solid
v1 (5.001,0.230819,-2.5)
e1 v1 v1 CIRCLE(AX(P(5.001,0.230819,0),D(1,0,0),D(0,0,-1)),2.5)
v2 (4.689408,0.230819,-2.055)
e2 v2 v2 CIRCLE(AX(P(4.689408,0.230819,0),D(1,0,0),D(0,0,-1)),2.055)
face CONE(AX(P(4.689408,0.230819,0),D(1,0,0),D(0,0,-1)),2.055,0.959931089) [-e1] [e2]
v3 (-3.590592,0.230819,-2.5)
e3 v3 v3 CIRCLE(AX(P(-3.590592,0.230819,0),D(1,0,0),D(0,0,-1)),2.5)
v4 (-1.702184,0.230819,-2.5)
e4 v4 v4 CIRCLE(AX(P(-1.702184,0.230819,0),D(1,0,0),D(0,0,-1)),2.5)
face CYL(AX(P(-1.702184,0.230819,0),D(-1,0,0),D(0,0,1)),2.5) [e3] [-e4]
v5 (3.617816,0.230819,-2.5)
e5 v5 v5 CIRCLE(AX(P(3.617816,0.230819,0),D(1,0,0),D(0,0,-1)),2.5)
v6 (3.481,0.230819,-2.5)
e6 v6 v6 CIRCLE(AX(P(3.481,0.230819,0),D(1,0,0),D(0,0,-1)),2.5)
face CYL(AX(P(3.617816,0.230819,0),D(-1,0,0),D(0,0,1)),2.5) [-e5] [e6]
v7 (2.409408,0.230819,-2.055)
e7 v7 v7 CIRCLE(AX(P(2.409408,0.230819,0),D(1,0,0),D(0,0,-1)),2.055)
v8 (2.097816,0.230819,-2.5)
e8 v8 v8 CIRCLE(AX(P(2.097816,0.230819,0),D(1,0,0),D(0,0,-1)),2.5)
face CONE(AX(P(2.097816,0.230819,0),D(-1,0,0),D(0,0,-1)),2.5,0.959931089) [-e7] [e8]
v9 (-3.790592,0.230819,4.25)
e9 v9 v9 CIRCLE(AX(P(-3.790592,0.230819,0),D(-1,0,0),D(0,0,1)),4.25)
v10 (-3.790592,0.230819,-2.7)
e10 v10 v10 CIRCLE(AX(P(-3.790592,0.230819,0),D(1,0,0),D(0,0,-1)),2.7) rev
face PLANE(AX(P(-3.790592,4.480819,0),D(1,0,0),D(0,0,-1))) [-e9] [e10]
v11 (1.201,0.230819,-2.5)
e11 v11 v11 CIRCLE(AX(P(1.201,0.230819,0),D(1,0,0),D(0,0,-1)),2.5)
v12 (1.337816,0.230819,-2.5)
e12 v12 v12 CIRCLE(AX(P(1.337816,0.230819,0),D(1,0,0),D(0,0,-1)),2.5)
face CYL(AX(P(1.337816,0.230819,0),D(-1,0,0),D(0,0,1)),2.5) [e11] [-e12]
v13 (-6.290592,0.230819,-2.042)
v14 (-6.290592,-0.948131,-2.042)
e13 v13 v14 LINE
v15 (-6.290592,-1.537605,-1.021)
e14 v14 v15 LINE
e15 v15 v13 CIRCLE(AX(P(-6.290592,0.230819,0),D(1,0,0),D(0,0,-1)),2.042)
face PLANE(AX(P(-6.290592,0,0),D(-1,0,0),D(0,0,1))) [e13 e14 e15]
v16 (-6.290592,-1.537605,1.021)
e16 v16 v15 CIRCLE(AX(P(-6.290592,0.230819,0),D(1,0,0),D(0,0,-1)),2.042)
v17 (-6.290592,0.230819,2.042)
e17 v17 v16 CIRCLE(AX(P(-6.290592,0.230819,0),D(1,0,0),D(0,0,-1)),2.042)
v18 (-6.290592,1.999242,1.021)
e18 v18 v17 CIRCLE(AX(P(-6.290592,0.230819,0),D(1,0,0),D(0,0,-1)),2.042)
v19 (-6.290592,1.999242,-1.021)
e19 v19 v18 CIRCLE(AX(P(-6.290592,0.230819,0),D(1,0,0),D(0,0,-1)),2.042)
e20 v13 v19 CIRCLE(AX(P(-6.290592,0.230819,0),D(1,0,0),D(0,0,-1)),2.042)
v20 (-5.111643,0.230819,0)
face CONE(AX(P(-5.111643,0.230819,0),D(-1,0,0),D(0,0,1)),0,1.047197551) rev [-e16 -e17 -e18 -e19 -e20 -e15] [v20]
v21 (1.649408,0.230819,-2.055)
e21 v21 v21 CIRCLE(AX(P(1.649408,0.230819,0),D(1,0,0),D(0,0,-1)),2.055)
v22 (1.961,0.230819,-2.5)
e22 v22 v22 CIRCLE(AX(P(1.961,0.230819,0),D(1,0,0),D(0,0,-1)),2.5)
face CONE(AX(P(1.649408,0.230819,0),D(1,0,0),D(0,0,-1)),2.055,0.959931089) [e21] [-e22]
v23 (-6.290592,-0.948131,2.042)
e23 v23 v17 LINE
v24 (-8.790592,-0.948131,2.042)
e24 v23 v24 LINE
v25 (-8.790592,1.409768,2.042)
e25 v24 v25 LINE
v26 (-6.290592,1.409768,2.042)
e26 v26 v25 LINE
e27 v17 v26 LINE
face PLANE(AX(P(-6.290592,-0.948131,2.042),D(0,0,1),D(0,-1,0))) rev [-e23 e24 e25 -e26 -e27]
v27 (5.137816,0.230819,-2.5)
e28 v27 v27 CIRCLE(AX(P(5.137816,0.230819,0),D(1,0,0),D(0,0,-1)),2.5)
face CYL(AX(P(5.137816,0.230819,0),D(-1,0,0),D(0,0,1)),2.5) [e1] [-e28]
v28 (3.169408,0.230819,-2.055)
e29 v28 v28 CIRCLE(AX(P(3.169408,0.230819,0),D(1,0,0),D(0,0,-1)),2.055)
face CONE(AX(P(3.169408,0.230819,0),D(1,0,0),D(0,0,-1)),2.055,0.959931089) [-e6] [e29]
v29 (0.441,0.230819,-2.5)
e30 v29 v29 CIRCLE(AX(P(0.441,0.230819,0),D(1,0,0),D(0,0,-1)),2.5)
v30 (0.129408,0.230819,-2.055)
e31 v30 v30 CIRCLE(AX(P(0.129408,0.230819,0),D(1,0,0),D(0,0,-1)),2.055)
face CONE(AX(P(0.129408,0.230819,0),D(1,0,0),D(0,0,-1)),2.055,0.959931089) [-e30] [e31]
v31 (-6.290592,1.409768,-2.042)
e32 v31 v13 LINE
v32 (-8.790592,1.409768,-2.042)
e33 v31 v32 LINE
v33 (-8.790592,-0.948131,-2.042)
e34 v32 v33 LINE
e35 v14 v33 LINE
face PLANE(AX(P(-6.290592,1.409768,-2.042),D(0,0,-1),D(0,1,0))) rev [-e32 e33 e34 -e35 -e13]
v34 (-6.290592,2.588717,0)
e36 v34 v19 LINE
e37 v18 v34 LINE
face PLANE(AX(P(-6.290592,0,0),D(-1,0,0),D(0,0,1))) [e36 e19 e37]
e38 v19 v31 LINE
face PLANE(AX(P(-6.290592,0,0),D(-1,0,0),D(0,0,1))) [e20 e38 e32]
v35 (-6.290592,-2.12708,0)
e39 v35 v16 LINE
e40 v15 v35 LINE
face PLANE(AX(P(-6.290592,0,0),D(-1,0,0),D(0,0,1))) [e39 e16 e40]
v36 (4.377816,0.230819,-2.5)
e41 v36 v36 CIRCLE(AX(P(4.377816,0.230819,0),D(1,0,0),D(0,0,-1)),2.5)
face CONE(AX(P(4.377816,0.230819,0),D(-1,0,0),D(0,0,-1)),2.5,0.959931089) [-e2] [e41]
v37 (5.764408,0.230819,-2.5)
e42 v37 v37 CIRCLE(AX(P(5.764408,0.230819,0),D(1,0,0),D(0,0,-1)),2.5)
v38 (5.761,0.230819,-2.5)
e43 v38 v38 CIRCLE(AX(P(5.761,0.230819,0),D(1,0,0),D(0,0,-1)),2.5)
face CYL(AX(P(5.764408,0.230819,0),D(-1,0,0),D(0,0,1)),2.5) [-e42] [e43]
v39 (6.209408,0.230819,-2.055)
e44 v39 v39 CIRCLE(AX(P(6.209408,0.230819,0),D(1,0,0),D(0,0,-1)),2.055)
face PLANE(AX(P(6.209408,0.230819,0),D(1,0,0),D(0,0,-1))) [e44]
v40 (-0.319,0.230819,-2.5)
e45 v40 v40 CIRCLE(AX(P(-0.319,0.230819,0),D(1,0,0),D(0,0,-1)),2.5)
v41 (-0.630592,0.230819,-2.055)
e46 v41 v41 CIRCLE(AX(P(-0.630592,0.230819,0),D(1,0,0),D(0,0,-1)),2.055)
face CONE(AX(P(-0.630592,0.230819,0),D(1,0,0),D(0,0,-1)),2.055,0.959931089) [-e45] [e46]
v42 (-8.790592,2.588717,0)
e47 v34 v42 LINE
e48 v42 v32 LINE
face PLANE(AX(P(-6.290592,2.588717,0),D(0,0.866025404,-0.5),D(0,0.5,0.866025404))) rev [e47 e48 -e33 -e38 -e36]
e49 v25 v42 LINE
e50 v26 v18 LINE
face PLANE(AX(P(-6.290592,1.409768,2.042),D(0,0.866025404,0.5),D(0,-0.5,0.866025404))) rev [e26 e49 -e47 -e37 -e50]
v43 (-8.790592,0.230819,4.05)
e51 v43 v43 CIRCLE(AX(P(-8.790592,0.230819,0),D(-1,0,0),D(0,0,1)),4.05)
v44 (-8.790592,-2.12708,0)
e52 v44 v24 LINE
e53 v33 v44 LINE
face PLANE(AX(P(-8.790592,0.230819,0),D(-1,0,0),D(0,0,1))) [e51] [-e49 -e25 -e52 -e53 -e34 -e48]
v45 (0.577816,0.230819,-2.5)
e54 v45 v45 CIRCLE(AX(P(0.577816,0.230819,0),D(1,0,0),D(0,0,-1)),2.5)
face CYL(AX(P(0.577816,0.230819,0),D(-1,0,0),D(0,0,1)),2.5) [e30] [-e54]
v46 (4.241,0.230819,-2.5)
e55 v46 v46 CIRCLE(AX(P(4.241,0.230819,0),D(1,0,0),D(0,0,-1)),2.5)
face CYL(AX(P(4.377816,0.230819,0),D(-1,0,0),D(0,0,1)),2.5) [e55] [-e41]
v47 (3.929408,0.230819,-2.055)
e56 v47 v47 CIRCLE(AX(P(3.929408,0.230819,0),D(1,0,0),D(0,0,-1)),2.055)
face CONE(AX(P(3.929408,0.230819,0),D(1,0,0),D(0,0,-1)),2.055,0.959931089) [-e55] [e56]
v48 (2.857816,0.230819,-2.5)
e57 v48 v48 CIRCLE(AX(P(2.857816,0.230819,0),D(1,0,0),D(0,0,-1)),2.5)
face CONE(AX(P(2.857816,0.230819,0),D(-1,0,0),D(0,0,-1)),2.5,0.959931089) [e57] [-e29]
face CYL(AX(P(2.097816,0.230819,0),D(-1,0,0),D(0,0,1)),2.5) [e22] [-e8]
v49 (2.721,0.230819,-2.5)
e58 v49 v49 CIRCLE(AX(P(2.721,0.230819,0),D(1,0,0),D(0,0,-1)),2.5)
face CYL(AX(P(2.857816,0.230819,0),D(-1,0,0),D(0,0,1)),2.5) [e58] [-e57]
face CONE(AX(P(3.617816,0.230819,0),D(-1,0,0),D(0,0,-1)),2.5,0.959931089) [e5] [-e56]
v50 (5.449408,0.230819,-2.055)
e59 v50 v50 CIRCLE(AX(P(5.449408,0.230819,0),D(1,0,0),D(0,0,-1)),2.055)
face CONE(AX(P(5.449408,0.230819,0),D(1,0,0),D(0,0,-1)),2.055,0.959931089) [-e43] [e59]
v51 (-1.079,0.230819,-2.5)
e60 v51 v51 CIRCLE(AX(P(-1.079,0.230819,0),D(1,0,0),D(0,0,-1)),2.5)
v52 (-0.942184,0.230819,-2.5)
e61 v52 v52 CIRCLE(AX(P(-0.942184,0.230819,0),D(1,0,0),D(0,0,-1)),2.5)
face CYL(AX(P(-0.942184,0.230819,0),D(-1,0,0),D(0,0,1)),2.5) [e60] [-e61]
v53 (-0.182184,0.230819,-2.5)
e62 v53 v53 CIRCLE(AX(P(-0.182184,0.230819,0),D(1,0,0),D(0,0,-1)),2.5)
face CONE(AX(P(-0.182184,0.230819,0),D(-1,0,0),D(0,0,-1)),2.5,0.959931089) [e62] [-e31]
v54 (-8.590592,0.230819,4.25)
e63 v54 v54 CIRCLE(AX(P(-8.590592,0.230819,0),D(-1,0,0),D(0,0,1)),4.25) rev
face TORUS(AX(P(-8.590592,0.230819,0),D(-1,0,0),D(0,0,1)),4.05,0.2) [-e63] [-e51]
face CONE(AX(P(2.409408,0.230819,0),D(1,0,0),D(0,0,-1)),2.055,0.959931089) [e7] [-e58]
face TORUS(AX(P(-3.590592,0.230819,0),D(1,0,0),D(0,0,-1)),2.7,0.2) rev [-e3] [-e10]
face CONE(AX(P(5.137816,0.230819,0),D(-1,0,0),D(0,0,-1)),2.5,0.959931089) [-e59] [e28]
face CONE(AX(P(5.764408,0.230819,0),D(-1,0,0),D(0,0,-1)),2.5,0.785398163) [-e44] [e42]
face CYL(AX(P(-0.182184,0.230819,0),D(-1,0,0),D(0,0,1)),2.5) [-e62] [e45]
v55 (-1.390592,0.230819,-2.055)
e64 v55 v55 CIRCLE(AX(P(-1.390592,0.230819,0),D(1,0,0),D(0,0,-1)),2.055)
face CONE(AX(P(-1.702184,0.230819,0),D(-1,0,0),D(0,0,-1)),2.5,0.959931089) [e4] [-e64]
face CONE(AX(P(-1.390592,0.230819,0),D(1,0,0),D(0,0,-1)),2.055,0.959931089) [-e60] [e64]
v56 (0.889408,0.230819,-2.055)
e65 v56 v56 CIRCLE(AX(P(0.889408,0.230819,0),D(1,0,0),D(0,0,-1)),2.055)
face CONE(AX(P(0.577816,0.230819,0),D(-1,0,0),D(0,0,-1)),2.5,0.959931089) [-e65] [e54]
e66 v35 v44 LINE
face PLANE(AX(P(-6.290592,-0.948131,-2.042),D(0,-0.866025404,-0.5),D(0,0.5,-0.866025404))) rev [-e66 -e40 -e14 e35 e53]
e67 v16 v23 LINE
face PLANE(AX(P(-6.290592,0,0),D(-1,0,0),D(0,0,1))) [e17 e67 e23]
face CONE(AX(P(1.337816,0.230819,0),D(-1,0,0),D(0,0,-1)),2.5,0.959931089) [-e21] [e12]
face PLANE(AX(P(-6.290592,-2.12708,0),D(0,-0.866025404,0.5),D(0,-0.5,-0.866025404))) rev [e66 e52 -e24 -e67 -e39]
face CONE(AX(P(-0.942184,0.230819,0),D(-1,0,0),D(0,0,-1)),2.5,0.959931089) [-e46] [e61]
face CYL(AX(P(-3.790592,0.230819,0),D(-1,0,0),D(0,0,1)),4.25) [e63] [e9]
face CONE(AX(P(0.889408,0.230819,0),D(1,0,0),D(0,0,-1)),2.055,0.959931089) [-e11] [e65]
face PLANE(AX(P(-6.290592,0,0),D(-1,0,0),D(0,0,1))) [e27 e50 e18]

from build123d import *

# Parameters (mm, degrees)
SKETCH1_W            = 5
SKETCH1_H            = 4.25
SKETCH2_R            = 2.5
BOSS_EXTRUDE1_DEPTH  = 2.088407645
SKETCH3_R            = 2.5
BOSS_EXTRUDE2_DEPTH  = 0.311592355
BOSS_EXTRUDE2_TAPER  = 55
SKETCH4_R            = 2.055
BOSS_EXTRUDE3_DEPTH  = 0.311592355
BOSS_EXTRUDE3_TAPER  = -55
SKETCH5_R            = 2.5
BOSS_EXTRUDE4_DEPTH  = 0.136815291
SKETCH6_R            = 2.5
BOSS_EXTRUDE5_DEPTH  = 0.311592355
BOSS_EXTRUDE5_TAPER  = 55
SKETCH7_R            = 2.055
BOSS_EXTRUDE6_DEPTH  = 0.311592355
BOSS_EXTRUDE6_TAPER  = -55
SKETCH8_R            = 2.5
BOSS_EXTRUDE7_DEPTH  = 0.136815291
SKETCH9_R            = 2.5
BOSS_EXTRUDE8_DEPTH  = 0.311592355
BOSS_EXTRUDE8_TAPER  = 55
SKETCH10_R           = 2.055
BOSS_EXTRUDE9_DEPTH  = 0.311592355
BOSS_EXTRUDE9_TAPER  = -55
SKETCH11_R           = 2.5
BOSS_EXTRUDE10_DEPTH = 0.136815291
SKETCH12_R           = 2.5
BOSS_EXTRUDE11_DEPTH = 0.311592355
BOSS_EXTRUDE11_TAPER = 55
SKETCH13_R           = 2.055
BOSS_EXTRUDE12_DEPTH = 0.311592355
BOSS_EXTRUDE12_TAPER = -55
SKETCH14_R           = 2.5
BOSS_EXTRUDE13_DEPTH = 0.136815291
SKETCH15_R           = 2.5
BOSS_EXTRUDE14_DEPTH = 0.311592355
BOSS_EXTRUDE14_TAPER = 55
SKETCH16_R           = 2.055
BOSS_EXTRUDE15_DEPTH = 0.311592355
BOSS_EXTRUDE15_TAPER = -55
SKETCH17_R           = 2.5
BOSS_EXTRUDE16_DEPTH = 0.136815291
SKETCH18_R           = 2.5
BOSS_EXTRUDE17_DEPTH = 0.311592355
BOSS_EXTRUDE17_TAPER = 55
SKETCH19_R           = 2.055
BOSS_EXTRUDE18_DEPTH = 0.311592355
BOSS_EXTRUDE18_TAPER = -55
SKETCH20_R           = 2.5
BOSS_EXTRUDE19_DEPTH = 0.136815291
SKETCH21_R           = 2.5
BOSS_EXTRUDE20_DEPTH = 0.311592355
BOSS_EXTRUDE20_TAPER = 55
SKETCH22_R           = 2.055
BOSS_EXTRUDE21_DEPTH = 0.311592355
BOSS_EXTRUDE21_TAPER = -55
SKETCH23_R           = 2.5
BOSS_EXTRUDE22_DEPTH = 0.136815291
SKETCH24_R           = 2.5
BOSS_EXTRUDE23_DEPTH = 0.311592355
BOSS_EXTRUDE23_TAPER = 55
SKETCH25_R           = 2.055
BOSS_EXTRUDE24_DEPTH = 0.311592355
BOSS_EXTRUDE24_TAPER = -55
SKETCH26_R           = 2.5
BOSS_EXTRUDE25_DEPTH = 0.136815291
SKETCH27_R           = 2.5
BOSS_EXTRUDE26_DEPTH = 0.311592355
BOSS_EXTRUDE26_TAPER = 55
SKETCH28_R           = 2.055
BOSS_EXTRUDE27_DEPTH = 0.311592355
BOSS_EXTRUDE27_TAPER = -55
SKETCH29_R           = 2.5
BOSS_EXTRUDE28_DEPTH = 0.136815291
SKETCH30_R           = 2.5
BOSS_EXTRUDE29_DEPTH = 0.311592355
BOSS_EXTRUDE29_TAPER = 55
SKETCH31_R           = 2.055
BOSS_EXTRUDE30_DEPTH = 0.311592355
BOSS_EXTRUDE30_TAPER = -55
SKETCH32_R           = 2.5
BOSS_EXTRUDE31_DEPTH = 0.003407645
SKETCH33_R           = 2.5
BOSS_EXTRUDE32_DEPTH = 0.445
BOSS_EXTRUDE32_TAPER = 45
CUT_EXTRUDE1_DEPTH   = 2.5
FILLET1_R            = 0.2


with BuildPart() as part:
    # Sketch1 → Revolve1 (revolve)
    with BuildSketch(Plane(origin=(0, 0, 0), x_dir=(-1, 0, 0), z_dir=(0, 0, -1))):
        with Locations((6.290592114, 2.355818515)):
            Rectangle(SKETCH1_W, SKETCH1_H)
    revolve(axis=Axis((-3.790592114, 0.230818515, 0), (-1, 0, 0)))

    # Sketch2 → Boss-Extrude1 (add)
    with BuildSketch(Plane(origin=(-3.790592114, 0, 0), x_dir=(0, 0, -1), z_dir=(1, 0, 0))):
        with Locations((0, 0.230818515)):
            Circle(SKETCH2_R)
    extrude(amount=BOSS_EXTRUDE1_DEPTH)

    # Sketch3 → Boss-Extrude2 (add)
    with BuildSketch(Plane(origin=(-1.702184469, 0, 0), x_dir=(0, 0, -1), z_dir=(1, 0, 0))):
        with Locations((0, 0.230818515)):
            Circle(SKETCH3_R)
    extrude(amount=BOSS_EXTRUDE2_DEPTH, taper=BOSS_EXTRUDE2_TAPER)

    # Sketch4 → Boss-Extrude3 (add)
    with BuildSketch(Plane(origin=(-1.390592114, 0, 0), x_dir=(0, 0, -1), z_dir=(1, 0, 0))):
        with Locations((0, 0.230818515)):
            Circle(SKETCH4_R)
    extrude(amount=BOSS_EXTRUDE3_DEPTH, taper=BOSS_EXTRUDE3_TAPER)

    # Sketch5 → Boss-Extrude4 (add)
    with BuildSketch(Plane(origin=(-1.07899976, 0, 0), x_dir=(0, 0, -1), z_dir=(1, 0, 0))):
        with Locations((0, 0.230818515)):
            Circle(SKETCH5_R)
    extrude(amount=BOSS_EXTRUDE4_DEPTH)

    # Sketch6 → Boss-Extrude5 (add)
    with BuildSketch(Plane(origin=(-0.942184469, 0, 0), x_dir=(0, 0, -1), z_dir=(1, 0, 0))):
        with Locations((0, 0.230818515)):
            Circle(SKETCH6_R)
    extrude(amount=BOSS_EXTRUDE5_DEPTH, taper=BOSS_EXTRUDE5_TAPER)

    # Sketch7 → Boss-Extrude6 (add)
    with BuildSketch(Plane(origin=(-0.630592114, 0, 0), x_dir=(0, 0, -1), z_dir=(1, 0, 0))):
        with Locations((0, 0.230818515)):
            Circle(SKETCH7_R)
    extrude(amount=BOSS_EXTRUDE6_DEPTH, taper=BOSS_EXTRUDE6_TAPER)

    # Sketch8 → Boss-Extrude7 (add)
    with BuildSketch(Plane(origin=(-0.31899976, 0, 0), x_dir=(0, 0, -1), z_dir=(1, 0, 0))):
        with Locations((0, 0.230818515)):
            Circle(SKETCH8_R)
    extrude(amount=BOSS_EXTRUDE7_DEPTH)

    # Sketch9 → Boss-Extrude8 (add)
    with BuildSketch(Plane(origin=(-0.182184469, 0, 0), x_dir=(0, 0, -1), z_dir=(1, 0, 0))):
        with Locations((0, 0.230818515)):
            Circle(SKETCH9_R)
    extrude(amount=BOSS_EXTRUDE8_DEPTH, taper=BOSS_EXTRUDE8_TAPER)

    # Sketch10 → Boss-Extrude9 (add)
    with BuildSketch(Plane(origin=(0.129407886, 0, 0), x_dir=(0, 0, -1), z_dir=(1, 0, 0))):
        with Locations((0, 0.230818515)):
            Circle(SKETCH10_R)
    extrude(amount=BOSS_EXTRUDE9_DEPTH, taper=BOSS_EXTRUDE9_TAPER)

    # Sketch11 → Boss-Extrude10 (add)
    with BuildSketch(Plane(origin=(0.44100024, 0, 0), x_dir=(0, 0, -1), z_dir=(1, 0, 0))):
        with Locations((0, 0.230818515)):
            Circle(SKETCH11_R)
    extrude(amount=BOSS_EXTRUDE10_DEPTH)

    # Sketch12 → Boss-Extrude11 (add)
    with BuildSketch(Plane(origin=(0.577815531, 0, 0), x_dir=(0, 0, -1), z_dir=(1, 0, 0))):
        with Locations((0, 0.230818515)):
            Circle(SKETCH12_R)
    extrude(amount=BOSS_EXTRUDE11_DEPTH, taper=BOSS_EXTRUDE11_TAPER)

    # Sketch13 → Boss-Extrude12 (add)
    with BuildSketch(Plane(origin=(0.889407886, 0, 0), x_dir=(0, 0, -1), z_dir=(1, 0, 0))):
        with Locations((0, 0.230818515)):
            Circle(SKETCH13_R)
    extrude(amount=BOSS_EXTRUDE12_DEPTH, taper=BOSS_EXTRUDE12_TAPER)

    # Sketch14 → Boss-Extrude13 (add)
    with BuildSketch(Plane(origin=(1.20100024, 0, 0), x_dir=(0, 0, -1), z_dir=(1, 0, 0))):
        with Locations((0, 0.230818515)):
            Circle(SKETCH14_R)
    extrude(amount=BOSS_EXTRUDE13_DEPTH)

    # Sketch15 → Boss-Extrude14 (add)
    with BuildSketch(Plane(origin=(1.337815531, 0, 0), x_dir=(0, 0, -1), z_dir=(1, 0, 0))):
        with Locations((0, 0.230818515)):
            Circle(SKETCH15_R)
    extrude(amount=BOSS_EXTRUDE14_DEPTH, taper=BOSS_EXTRUDE14_TAPER)

    # Sketch16 → Boss-Extrude15 (add)
    with BuildSketch(Plane(origin=(1.649407886, 0, 0), x_dir=(0, 0, -1), z_dir=(1, 0, 0))):
        with Locations((0, 0.230818515)):
            Circle(SKETCH16_R)
    extrude(amount=BOSS_EXTRUDE15_DEPTH, taper=BOSS_EXTRUDE15_TAPER)

    # Sketch17 → Boss-Extrude16 (add)
    with BuildSketch(Plane(origin=(1.96100024, 0, 0), x_dir=(0, 0, -1), z_dir=(1, 0, 0))):
        with Locations((0, 0.230818515)):
            Circle(SKETCH17_R)
    extrude(amount=BOSS_EXTRUDE16_DEPTH)

    # Sketch18 → Boss-Extrude17 (add)
    with BuildSketch(Plane(origin=(2.097815531, 0, 0), x_dir=(0, 0, -1), z_dir=(1, 0, 0))):
        with Locations((0, 0.230818515)):
            Circle(SKETCH18_R)
    extrude(amount=BOSS_EXTRUDE17_DEPTH, taper=BOSS_EXTRUDE17_TAPER)

    # Sketch19 → Boss-Extrude18 (add)
    with BuildSketch(Plane(origin=(2.409407886, 0, 0), x_dir=(0, 0, -1), z_dir=(1, 0, 0))):
        with Locations((0, 0.230818515)):
            Circle(SKETCH19_R)
    extrude(amount=BOSS_EXTRUDE18_DEPTH, taper=BOSS_EXTRUDE18_TAPER)

    # Sketch20 → Boss-Extrude19 (add)
    with BuildSketch(Plane(origin=(2.72100024, 0, 0), x_dir=(0, 0, -1), z_dir=(1, 0, 0))):
        with Locations((0, 0.230818515)):
            Circle(SKETCH20_R)
    extrude(amount=BOSS_EXTRUDE19_DEPTH)

    # Sketch21 → Boss-Extrude20 (add)
    with BuildSketch(Plane(origin=(2.857815531, 0, 0), x_dir=(0, 0, -1), z_dir=(1, 0, 0))):
        with Locations((0, 0.230818515)):
            Circle(SKETCH21_R)
    extrude(amount=BOSS_EXTRUDE20_DEPTH, taper=BOSS_EXTRUDE20_TAPER)

    # Sketch22 → Boss-Extrude21 (add)
    with BuildSketch(Plane(origin=(3.169407886, 0, 0), x_dir=(0, 0, -1), z_dir=(1, 0, 0))):
        with Locations((0, 0.230818515)):
            Circle(SKETCH22_R)
    extrude(amount=BOSS_EXTRUDE21_DEPTH, taper=BOSS_EXTRUDE21_TAPER)

    # Sketch23 → Boss-Extrude22 (add)
    with BuildSketch(Plane(origin=(3.48100024, 0, 0), x_dir=(0, 0, -1), z_dir=(1, 0, 0))):
        with Locations((0, 0.230818515)):
            Circle(SKETCH23_R)
    extrude(amount=BOSS_EXTRUDE22_DEPTH)

    # Sketch24 → Boss-Extrude23 (add)
    with BuildSketch(Plane(origin=(3.617815531, 0, 0), x_dir=(0, 0, -1), z_dir=(1, 0, 0))):
        with Locations((0, 0.230818515)):
            Circle(SKETCH24_R)
    extrude(amount=BOSS_EXTRUDE23_DEPTH, taper=BOSS_EXTRUDE23_TAPER)

    # Sketch25 → Boss-Extrude24 (add)
    with BuildSketch(Plane(origin=(3.929407886, 0, 0), x_dir=(0, 0, -1), z_dir=(1, 0, 0))):
        with Locations((0, 0.230818515)):
            Circle(SKETCH25_R)
    extrude(amount=BOSS_EXTRUDE24_DEPTH, taper=BOSS_EXTRUDE24_TAPER)

    # Sketch26 → Boss-Extrude25 (add)
    with BuildSketch(Plane(origin=(4.24100024, 0, 0), x_dir=(0, 0, -1), z_dir=(1, 0, 0))):
        with Locations((0, 0.230818515)):
            Circle(SKETCH26_R)
    extrude(amount=BOSS_EXTRUDE25_DEPTH)

    # Sketch27 → Boss-Extrude26 (add)
    with BuildSketch(Plane(origin=(4.377815531, 0, 0), x_dir=(0, 0, -1), z_dir=(1, 0, 0))):
        with Locations((0, 0.230818515)):
            Circle(SKETCH27_R)
    extrude(amount=BOSS_EXTRUDE26_DEPTH, taper=BOSS_EXTRUDE26_TAPER)

    # Sketch28 → Boss-Extrude27 (add)
    with BuildSketch(Plane(origin=(4.689407886, 0, 0), x_dir=(0, 0, -1), z_dir=(1, 0, 0))):
        with Locations((0, 0.230818515)):
            Circle(SKETCH28_R)
    extrude(amount=BOSS_EXTRUDE27_DEPTH, taper=BOSS_EXTRUDE27_TAPER)

    # Sketch29 → Boss-Extrude28 (add)
    with BuildSketch(Plane(origin=(5.00100024, 0, 0), x_dir=(0, 0, -1), z_dir=(1, 0, 0))):
        with Locations((0, 0.230818515)):
            Circle(SKETCH29_R)
    extrude(amount=BOSS_EXTRUDE28_DEPTH)

    # Sketch30 → Boss-Extrude29 (add)
    with BuildSketch(Plane(origin=(5.137815531, 0, 0), x_dir=(0, 0, -1), z_dir=(1, 0, 0))):
        with Locations((0, 0.230818515)):
            Circle(SKETCH30_R)
    extrude(amount=BOSS_EXTRUDE29_DEPTH, taper=BOSS_EXTRUDE29_TAPER)

    # Sketch31 → Boss-Extrude30 (add)
    with BuildSketch(Plane(origin=(5.449407886, 0, 0), x_dir=(0, 0, -1), z_dir=(1, 0, 0))):
        with Locations((0, 0.230818515)):
            Circle(SKETCH31_R)
    extrude(amount=BOSS_EXTRUDE30_DEPTH, taper=BOSS_EXTRUDE30_TAPER)

    # Sketch32 → Boss-Extrude31 (add)
    with BuildSketch(Plane(origin=(5.76100024, 0, 0), x_dir=(0, 0, -1), z_dir=(1, 0, 0))):
        with Locations((0, 0.230818515)):
            Circle(SKETCH32_R)
    extrude(amount=BOSS_EXTRUDE31_DEPTH)

    # Sketch33 → Boss-Extrude32 (add)
    with BuildSketch(Plane(origin=(5.764407886, 0, 0), x_dir=(0, 0, -1), z_dir=(1, 0, 0))):
        with Locations((0, 0.230818515)):
            Circle(SKETCH33_R)
    extrude(amount=BOSS_EXTRUDE32_DEPTH, taper=BOSS_EXTRUDE32_TAPER)

    # Sketch34 → Cut-Extrude1 (cut)
    with BuildSketch(Plane.ZY.offset(8.790592114)):
        Polygon((0, -2.127079985), (2.042, -0.948130735), (2.042, 1.409767764), (0, 2.588717014), (-2.042, 1.409767764), (-2.042, -0.948130735), align=None)
    extrude(amount=-CUT_EXTRUDE1_DEPTH, mode=Mode.SUBTRACT)

    # Sketch35 → Cut-Revolve1 (revolve, cut)
    with BuildSketch(Plane.XY):
        Polygon((-6.290592114, 2.272818515), (-6.290592114, 0.230818515), (-5.111642864, 0.230818515), align=None)
    revolve(axis=Axis((-6.290592114, 0.230818515, 0), (1, 0, 0)), mode=Mode.SUBTRACT)

    # Fillet1
    fillet1_edges = [part.edges().sort_by_distance(p)[0] for p in [
        (-8.790592114, -4.019181485, 0),
        (-3.790592114, 0.230818515, 2.5),
    ]]
    fillet(fillet1_edges, radius=FILLET1_R)


solid = part.part
